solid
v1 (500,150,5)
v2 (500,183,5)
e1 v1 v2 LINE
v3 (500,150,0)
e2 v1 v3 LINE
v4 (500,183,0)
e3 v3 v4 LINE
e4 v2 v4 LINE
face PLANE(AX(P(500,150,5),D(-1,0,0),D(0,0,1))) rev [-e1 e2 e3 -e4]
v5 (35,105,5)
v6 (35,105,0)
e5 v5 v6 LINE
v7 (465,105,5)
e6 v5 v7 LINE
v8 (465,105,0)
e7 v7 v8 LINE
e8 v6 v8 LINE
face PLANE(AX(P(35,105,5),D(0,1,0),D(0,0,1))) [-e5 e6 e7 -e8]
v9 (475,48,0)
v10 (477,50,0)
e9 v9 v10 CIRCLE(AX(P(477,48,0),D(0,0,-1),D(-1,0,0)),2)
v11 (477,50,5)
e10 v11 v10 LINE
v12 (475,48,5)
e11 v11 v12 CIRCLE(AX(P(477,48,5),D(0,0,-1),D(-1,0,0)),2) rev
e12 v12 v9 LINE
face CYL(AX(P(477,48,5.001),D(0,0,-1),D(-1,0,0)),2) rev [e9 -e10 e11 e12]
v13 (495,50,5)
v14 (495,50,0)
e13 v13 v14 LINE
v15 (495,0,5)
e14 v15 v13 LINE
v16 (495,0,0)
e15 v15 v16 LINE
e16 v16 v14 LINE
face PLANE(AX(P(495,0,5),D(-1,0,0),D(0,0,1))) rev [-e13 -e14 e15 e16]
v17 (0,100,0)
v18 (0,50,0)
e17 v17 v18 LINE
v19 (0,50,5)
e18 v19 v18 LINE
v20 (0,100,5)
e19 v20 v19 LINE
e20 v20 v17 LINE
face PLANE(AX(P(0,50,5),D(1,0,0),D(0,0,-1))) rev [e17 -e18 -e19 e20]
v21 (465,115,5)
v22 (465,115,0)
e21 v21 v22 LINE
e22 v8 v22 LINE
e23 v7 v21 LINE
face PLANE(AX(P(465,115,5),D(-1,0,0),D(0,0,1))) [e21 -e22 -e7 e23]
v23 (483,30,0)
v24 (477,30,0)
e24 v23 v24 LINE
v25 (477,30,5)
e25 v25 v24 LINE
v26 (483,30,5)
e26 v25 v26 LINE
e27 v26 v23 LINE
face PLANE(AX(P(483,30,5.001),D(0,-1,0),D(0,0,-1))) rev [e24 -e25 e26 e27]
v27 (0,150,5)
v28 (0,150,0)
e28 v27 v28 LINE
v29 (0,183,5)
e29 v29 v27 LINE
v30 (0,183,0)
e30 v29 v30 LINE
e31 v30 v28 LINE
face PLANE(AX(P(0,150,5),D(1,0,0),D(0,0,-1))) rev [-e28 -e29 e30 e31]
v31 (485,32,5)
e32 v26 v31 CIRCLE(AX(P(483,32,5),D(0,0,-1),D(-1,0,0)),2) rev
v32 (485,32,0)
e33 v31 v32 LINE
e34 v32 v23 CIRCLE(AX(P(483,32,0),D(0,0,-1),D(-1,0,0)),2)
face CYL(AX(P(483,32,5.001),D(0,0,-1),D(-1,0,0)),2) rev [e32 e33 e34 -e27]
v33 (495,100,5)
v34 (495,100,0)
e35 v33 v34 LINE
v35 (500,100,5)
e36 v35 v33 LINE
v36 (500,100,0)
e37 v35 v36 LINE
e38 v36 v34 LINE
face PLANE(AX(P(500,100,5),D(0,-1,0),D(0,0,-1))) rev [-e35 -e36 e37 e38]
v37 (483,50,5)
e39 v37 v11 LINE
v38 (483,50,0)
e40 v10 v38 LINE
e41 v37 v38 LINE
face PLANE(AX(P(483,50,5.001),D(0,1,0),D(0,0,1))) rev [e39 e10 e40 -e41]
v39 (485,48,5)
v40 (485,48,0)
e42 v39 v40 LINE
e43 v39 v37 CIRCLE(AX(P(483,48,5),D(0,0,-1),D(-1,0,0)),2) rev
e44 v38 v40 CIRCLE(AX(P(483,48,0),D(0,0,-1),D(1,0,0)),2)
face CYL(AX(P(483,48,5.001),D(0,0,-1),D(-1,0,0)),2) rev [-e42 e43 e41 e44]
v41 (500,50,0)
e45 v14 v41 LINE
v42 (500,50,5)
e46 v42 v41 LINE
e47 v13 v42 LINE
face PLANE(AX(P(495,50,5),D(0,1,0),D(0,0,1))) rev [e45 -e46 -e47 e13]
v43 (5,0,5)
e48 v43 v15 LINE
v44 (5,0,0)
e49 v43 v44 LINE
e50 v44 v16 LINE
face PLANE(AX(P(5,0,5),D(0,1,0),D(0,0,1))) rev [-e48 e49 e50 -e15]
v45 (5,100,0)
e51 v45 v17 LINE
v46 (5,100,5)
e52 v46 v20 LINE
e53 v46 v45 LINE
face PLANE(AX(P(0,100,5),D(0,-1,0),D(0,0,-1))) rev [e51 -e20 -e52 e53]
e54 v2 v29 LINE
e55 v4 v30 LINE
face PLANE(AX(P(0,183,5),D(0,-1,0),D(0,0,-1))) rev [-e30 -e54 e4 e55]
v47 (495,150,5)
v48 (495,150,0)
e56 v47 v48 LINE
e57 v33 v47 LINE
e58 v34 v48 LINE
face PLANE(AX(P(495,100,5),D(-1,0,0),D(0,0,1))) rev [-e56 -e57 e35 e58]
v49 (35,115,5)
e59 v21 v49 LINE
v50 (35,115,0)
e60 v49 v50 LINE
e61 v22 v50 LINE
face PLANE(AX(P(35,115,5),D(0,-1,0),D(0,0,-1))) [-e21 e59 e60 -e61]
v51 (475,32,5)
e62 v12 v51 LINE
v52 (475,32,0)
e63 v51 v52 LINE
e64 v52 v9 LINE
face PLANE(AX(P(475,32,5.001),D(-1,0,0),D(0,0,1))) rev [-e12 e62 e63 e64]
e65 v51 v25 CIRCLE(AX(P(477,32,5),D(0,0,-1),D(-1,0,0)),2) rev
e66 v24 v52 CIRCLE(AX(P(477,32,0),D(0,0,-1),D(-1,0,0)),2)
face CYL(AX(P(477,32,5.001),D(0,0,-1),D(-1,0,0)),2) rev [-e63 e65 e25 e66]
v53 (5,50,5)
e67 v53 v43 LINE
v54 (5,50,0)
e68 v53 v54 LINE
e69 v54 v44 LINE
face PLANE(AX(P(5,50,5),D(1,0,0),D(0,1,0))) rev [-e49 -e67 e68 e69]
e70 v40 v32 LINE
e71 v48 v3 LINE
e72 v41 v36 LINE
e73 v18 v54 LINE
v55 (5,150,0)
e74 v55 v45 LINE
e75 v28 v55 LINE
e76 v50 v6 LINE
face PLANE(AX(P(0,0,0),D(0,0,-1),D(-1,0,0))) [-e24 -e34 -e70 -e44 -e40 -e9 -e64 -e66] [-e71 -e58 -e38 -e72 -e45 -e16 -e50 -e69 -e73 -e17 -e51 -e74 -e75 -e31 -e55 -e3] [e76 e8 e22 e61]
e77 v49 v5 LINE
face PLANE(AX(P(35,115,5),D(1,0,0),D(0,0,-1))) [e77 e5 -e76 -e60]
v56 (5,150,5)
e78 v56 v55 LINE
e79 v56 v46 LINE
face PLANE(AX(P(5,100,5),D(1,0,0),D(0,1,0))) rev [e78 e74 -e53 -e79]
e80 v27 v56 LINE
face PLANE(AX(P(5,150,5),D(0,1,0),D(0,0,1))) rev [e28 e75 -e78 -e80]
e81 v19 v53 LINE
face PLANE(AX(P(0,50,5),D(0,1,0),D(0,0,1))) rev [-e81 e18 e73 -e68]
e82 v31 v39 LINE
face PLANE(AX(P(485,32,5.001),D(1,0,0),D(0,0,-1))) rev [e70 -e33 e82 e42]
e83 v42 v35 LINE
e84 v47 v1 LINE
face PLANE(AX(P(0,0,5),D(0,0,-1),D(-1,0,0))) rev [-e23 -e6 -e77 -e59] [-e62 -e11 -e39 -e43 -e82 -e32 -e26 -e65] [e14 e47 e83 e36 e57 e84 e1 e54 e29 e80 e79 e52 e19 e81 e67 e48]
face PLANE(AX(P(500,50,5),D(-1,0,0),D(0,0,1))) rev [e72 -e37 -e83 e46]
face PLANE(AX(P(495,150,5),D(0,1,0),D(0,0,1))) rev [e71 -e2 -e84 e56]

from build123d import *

# Parameters (mm, degrees)
ESQUISSE1_W             = 430
ESQUISSE1_H             = 10
BOSS_EXTRU_1_DEPTH      = 5
ENL_V_MAT_EXTRU_1_REACH = 7


with BuildPart() as part:
    # Esquisse1 → Boss.-Extru.1 (new body)
    with BuildSketch(Plane.XY):
        Polygon((0, 50), (5, 50), (5, 0), (495, 0), (495, 50), (500, 50), (500, 100), (495, 100), (495, 150), (500, 150), (500, 183), (0, 183), (0, 150), (5, 150), (5, 100), (0, 100), align=None)
        with Locations((250, 110)):
            Rectangle(ESQUISSE1_W, ESQUISSE1_H, mode=Mode.SUBTRACT)
    extrude(amount=BOSS_EXTRU_1_DEPTH)

    # Esquisse2 → Enlèv. mat.-Extru.1 (cut, up to next)
    with BuildSketch(Plane(origin=(0, 0, 0), x_dir=(-1, 0, 0), z_dir=(0, 0, -1)), mode=Mode.PRIVATE) as enl_v_mat_extru_1_sk1:
        with BuildLine():
            Line((-483, 30), (-477, 30))
            ThreePointArc((-477, 30), (-475.585786438, 30.585786438), (-475, 32))
            Line((-475, 32), (-475, 48))
            ThreePointArc((-475, 48), (-475.585786438, 49.414213562), (-477, 50))
            Line((-477, 50), (-483, 50))
            ThreePointArc((-483, 50), (-484.414213562, 49.414213562), (-485, 48))
            Line((-485, 48), (-485, 32))
            ThreePointArc((-485, 32), (-484.414213562, 30.585786438), (-483, 30))
        make_face()
    enl_v_mat_extru_1_tool1 = extrude(enl_v_mat_extru_1_sk1.sketch, amount=-ENL_V_MAT_EXTRU_1_REACH, mode=Mode.PRIVATE) & part.part
    add(enl_v_mat_extru_1_tool1.solids().sort_by_distance((480, 40, 0))[0], mode=Mode.SUBTRACT)


solid = part.part
